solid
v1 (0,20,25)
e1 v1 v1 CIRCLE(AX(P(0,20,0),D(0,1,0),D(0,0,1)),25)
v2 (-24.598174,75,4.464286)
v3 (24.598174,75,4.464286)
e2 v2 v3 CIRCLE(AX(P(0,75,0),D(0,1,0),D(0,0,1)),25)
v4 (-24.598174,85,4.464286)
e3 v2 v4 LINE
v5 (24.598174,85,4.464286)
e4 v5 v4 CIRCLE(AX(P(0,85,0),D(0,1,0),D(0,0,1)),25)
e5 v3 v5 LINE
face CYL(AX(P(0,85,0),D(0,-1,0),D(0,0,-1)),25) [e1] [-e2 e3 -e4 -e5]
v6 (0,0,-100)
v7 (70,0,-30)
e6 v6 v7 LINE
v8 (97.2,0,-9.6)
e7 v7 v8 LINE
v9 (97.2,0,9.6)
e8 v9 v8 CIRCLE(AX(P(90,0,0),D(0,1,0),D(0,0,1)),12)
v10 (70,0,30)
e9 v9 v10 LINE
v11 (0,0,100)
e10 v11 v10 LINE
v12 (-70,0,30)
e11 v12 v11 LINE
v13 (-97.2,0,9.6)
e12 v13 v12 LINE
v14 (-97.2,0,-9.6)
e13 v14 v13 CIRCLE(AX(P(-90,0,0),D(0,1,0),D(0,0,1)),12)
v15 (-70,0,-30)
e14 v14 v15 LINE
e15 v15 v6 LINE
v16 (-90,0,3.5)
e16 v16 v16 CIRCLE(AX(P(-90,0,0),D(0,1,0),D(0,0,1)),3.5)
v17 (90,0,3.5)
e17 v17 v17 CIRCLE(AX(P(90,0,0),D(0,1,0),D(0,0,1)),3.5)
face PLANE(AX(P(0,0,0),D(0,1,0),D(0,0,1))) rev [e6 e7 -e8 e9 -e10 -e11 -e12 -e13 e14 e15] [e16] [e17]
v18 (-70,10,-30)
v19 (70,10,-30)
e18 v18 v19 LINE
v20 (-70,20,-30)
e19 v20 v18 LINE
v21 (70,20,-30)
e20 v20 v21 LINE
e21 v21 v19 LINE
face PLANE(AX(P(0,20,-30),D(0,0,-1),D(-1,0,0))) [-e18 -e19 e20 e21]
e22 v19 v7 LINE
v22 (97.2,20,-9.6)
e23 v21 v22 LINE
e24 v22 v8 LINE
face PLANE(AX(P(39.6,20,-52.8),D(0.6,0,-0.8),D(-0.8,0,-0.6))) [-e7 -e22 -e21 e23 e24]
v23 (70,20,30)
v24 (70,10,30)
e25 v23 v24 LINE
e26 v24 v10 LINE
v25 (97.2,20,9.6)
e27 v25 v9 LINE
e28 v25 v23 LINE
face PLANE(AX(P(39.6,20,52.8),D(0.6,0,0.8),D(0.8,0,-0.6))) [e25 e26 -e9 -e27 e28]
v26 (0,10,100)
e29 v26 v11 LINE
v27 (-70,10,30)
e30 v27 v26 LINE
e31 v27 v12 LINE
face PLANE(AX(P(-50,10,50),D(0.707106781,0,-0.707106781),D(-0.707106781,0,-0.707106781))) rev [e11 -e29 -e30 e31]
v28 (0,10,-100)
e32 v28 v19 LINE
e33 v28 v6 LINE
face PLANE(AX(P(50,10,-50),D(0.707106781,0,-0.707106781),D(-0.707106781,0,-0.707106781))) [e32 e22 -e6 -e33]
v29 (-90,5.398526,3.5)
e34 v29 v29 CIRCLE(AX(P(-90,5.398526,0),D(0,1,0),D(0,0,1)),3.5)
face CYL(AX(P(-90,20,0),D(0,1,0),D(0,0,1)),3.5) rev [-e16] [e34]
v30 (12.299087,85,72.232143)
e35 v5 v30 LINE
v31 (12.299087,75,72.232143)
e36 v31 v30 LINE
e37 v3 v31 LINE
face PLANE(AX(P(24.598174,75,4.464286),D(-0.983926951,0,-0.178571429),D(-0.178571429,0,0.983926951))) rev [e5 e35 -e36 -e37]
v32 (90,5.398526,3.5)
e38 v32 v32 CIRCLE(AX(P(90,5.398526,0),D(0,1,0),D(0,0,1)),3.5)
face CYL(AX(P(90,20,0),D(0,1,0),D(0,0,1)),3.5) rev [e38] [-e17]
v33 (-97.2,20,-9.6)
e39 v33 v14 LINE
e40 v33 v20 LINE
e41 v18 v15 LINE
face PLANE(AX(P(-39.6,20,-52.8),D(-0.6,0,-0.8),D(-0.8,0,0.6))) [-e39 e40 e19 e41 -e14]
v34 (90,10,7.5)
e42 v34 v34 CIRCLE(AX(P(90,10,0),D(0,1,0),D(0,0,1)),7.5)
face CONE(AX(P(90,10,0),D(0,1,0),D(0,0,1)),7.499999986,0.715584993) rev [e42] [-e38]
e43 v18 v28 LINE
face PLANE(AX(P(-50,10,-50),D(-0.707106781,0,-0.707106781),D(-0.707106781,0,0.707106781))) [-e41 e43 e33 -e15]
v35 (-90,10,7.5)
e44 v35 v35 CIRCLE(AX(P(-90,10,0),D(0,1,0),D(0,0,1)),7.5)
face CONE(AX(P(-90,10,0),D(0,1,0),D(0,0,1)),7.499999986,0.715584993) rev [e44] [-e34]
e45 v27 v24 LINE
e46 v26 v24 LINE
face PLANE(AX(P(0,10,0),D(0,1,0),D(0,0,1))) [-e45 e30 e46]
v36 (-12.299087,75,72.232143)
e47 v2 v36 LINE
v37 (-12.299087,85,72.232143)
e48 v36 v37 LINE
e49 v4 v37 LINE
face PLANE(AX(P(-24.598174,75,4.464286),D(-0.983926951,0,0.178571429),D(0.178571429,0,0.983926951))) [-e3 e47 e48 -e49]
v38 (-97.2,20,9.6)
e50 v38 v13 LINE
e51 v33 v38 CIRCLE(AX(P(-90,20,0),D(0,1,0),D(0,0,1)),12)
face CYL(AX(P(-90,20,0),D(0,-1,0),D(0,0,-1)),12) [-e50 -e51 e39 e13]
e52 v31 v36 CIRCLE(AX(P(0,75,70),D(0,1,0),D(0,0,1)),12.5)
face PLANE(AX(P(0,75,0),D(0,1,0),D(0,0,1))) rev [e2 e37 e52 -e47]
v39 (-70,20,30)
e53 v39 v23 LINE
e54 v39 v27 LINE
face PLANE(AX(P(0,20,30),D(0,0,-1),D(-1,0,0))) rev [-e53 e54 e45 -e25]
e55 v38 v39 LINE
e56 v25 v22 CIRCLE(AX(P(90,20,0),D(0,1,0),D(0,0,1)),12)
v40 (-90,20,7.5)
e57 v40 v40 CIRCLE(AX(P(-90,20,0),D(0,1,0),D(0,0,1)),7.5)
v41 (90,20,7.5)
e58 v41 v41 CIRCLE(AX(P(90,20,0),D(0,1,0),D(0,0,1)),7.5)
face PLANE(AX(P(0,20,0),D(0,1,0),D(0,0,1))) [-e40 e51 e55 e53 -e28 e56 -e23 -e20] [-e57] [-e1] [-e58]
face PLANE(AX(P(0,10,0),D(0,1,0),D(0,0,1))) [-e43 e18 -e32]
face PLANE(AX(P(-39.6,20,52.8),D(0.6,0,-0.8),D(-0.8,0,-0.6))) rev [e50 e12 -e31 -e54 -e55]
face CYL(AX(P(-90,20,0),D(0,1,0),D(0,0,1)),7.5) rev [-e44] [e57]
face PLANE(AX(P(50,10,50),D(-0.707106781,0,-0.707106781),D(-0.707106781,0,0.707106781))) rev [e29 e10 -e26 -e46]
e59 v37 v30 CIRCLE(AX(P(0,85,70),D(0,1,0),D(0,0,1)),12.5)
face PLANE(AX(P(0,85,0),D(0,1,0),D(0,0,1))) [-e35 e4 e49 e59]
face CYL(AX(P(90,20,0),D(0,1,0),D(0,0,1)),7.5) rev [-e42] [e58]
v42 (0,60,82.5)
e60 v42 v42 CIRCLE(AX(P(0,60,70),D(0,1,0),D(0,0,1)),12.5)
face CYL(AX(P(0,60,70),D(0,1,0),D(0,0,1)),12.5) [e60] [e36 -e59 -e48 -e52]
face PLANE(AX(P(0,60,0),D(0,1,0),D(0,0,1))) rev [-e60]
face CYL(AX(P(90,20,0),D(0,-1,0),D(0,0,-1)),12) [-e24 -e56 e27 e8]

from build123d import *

# Parameters (mm, degrees)
SALIENTE_EXTRUIR1_DEPTH                     = 10
SALIENTE_EXTRUIR1_2_DEPTH                   = 10
CROQUIS2_3_R                                = 25
SALIENTE_EXTRUIR2_DEPTH                     = 20
CROQUIS2_4_R                                = 25
SALIENTE_EXTRUIR3_DEPTH                     = 85
SALIENTE_EXTRUIR4_START                     = -10
SALIENTE_EXTRUIR4_DEPTH                     = 10
SALIENTE_EXTRUIR5_START                     = -25
SALIENTE_EXTRUIR5_DEPTH                     = 25
AVELLANADO_PARA_TORNILLO_CON_CABEZA_2_COUNT = 2
AVELLANADO_PARA_TORNILLO_CON_CABEZA_2_PITCH = 180


with BuildPart() as part:
    # Croquis2 → Saliente-Extruir1 (new body)
    with BuildSketch(Plane(origin=(0, 0, 0), x_dir=(1, 0, 0), z_dir=(0, 1, 0))):
        Polygon((0, 100), (-70, 30), (70, 30), align=None)
    extrude(amount=SALIENTE_EXTRUIR1_DEPTH)



with BuildPart() as body_2:
    # Croquis2 → Saliente-Extruir1 2 (new body)
    with BuildSketch(Plane(origin=(0, 0, 0), x_dir=(1, 0, 0), z_dir=(0, 1, 0))):
        Polygon((70, -30), (-70, -30), (0, -100), align=None)
    extrude(amount=SALIENTE_EXTRUIR1_2_DEPTH)


with BuildPart() as part_1:
    add(part.part)

    add(body_2.part)  # Saliente-Extruir2 merges body 2
    # Croquis2<3> → Saliente-Extruir2 (add)
    with BuildSketch(Plane(origin=(0, 0, 0), x_dir=(1, 0, 0), z_dir=(0, 1, 0))):
        with BuildLine():
            Line((-70, 30), (-97.2, 9.6))
            ThreePointArc((-97.2, 9.6), (-102, 0), (-97.2, -9.6))
            Line((-97.2, -9.6), (-70, -30))
            Line((-70, -30), (70, -30))
            Line((70, -30), (97.2, -9.6))
            ThreePointArc((97.2, -9.6), (102, 0), (97.2, 9.6))
            Line((97.2, 9.6), (70, 30))
            Line((70, 30), (-70, 30))
        make_face()
        Circle(CROQUIS2_3_R, mode=Mode.SUBTRACT)
    extrude(amount=SALIENTE_EXTRUIR2_DEPTH)

    # Croquis2<4> → Saliente-Extruir3 (add)
    with BuildSketch(Plane(origin=(0, 0, 0), x_dir=(1, 0, 0), z_dir=(0, 1, 0))):
        Circle(CROQUIS2_4_R)
    extrude(amount=SALIENTE_EXTRUIR3_DEPTH)

    # Croquis3 → Saliente-Extruir4 (add)
    with BuildSketch(Plane(origin=(0, 85, 0), x_dir=(1, 0, 0), z_dir=(0, 1, 0)).offset(SALIENTE_EXTRUIR4_START)):
        with BuildLine():
            ThreePointArc((24.598173775, -4.464285714), (0, -25), (-24.598173775, -4.464285714))
            Line((-24.598173775, -4.464285714), (-12.299086887, -72.232142857))
            ThreePointArc((-12.299086887, -72.232142857), (-1.120583309, -57.550329601), (12.5, -70))
            ThreePointArc((12.5, -70), (12.449670399, -71.120583309), (12.299086887, -72.232142857))
            Line((12.299086887, -72.232142857), (24.598173775, -4.464285714))
        make_face()
    extrude(amount=SALIENTE_EXTRUIR4_DEPTH)

    # Croquis3<3> → Saliente-Extruir5 (add)
    with BuildSketch(Plane(origin=(0, 85, 0), x_dir=(1, 0, 0), z_dir=(0, 1, 0)).offset(SALIENTE_EXTRUIR5_START)):
        with BuildLine():
            ThreePointArc((12.299086887, -72.232142857), (12.449670399, -71.120583309), (12.5, -70))
            ThreePointArc((12.5, -70), (-1.120583309, -57.550329601), (-12.299086887, -72.232142857))
            ThreePointArc((-12.299086887, -72.232142857), (0, -82.5), (12.299086887, -72.232142857))
        make_face()
    extrude(amount=SALIENTE_EXTRUIR5_DEPTH)

    # Croquis6 → Avellanado para tornillo con cabeza ovalada de #01 (revolve, cut)
    with BuildSketch(Plane(origin=(90, 20, 0), x_dir=(0, 0, 1), z_dir=(1, 0, 0))):
        Polygon((0, 0), (0, 20), (3.499999985, 20), (3.499999985, 14.60147363), (7.499999986, 10), (7.499999986, 0), align=None)
    avellanado_para_tornillo_con_cabeza_oval = revolve(axis=Axis((90, 26.35, 0), (0, -1, 0)), mode=Mode.SUBTRACT)

    # Avellanado para tornillo con cabeza  2: Avellanado para tornillo con cabeza ovalada de #01 ×2
    with Locations(*[(-i * AVELLANADO_PARA_TORNILLO_CON_CABEZA_2_PITCH, 0, 0) for i in range(1, AVELLANADO_PARA_TORNILLO_CON_CABEZA_2_COUNT)]):
        add(avellanado_para_tornillo_con_cabeza_oval, mode=Mode.SUBTRACT)


solid = part_1.part
